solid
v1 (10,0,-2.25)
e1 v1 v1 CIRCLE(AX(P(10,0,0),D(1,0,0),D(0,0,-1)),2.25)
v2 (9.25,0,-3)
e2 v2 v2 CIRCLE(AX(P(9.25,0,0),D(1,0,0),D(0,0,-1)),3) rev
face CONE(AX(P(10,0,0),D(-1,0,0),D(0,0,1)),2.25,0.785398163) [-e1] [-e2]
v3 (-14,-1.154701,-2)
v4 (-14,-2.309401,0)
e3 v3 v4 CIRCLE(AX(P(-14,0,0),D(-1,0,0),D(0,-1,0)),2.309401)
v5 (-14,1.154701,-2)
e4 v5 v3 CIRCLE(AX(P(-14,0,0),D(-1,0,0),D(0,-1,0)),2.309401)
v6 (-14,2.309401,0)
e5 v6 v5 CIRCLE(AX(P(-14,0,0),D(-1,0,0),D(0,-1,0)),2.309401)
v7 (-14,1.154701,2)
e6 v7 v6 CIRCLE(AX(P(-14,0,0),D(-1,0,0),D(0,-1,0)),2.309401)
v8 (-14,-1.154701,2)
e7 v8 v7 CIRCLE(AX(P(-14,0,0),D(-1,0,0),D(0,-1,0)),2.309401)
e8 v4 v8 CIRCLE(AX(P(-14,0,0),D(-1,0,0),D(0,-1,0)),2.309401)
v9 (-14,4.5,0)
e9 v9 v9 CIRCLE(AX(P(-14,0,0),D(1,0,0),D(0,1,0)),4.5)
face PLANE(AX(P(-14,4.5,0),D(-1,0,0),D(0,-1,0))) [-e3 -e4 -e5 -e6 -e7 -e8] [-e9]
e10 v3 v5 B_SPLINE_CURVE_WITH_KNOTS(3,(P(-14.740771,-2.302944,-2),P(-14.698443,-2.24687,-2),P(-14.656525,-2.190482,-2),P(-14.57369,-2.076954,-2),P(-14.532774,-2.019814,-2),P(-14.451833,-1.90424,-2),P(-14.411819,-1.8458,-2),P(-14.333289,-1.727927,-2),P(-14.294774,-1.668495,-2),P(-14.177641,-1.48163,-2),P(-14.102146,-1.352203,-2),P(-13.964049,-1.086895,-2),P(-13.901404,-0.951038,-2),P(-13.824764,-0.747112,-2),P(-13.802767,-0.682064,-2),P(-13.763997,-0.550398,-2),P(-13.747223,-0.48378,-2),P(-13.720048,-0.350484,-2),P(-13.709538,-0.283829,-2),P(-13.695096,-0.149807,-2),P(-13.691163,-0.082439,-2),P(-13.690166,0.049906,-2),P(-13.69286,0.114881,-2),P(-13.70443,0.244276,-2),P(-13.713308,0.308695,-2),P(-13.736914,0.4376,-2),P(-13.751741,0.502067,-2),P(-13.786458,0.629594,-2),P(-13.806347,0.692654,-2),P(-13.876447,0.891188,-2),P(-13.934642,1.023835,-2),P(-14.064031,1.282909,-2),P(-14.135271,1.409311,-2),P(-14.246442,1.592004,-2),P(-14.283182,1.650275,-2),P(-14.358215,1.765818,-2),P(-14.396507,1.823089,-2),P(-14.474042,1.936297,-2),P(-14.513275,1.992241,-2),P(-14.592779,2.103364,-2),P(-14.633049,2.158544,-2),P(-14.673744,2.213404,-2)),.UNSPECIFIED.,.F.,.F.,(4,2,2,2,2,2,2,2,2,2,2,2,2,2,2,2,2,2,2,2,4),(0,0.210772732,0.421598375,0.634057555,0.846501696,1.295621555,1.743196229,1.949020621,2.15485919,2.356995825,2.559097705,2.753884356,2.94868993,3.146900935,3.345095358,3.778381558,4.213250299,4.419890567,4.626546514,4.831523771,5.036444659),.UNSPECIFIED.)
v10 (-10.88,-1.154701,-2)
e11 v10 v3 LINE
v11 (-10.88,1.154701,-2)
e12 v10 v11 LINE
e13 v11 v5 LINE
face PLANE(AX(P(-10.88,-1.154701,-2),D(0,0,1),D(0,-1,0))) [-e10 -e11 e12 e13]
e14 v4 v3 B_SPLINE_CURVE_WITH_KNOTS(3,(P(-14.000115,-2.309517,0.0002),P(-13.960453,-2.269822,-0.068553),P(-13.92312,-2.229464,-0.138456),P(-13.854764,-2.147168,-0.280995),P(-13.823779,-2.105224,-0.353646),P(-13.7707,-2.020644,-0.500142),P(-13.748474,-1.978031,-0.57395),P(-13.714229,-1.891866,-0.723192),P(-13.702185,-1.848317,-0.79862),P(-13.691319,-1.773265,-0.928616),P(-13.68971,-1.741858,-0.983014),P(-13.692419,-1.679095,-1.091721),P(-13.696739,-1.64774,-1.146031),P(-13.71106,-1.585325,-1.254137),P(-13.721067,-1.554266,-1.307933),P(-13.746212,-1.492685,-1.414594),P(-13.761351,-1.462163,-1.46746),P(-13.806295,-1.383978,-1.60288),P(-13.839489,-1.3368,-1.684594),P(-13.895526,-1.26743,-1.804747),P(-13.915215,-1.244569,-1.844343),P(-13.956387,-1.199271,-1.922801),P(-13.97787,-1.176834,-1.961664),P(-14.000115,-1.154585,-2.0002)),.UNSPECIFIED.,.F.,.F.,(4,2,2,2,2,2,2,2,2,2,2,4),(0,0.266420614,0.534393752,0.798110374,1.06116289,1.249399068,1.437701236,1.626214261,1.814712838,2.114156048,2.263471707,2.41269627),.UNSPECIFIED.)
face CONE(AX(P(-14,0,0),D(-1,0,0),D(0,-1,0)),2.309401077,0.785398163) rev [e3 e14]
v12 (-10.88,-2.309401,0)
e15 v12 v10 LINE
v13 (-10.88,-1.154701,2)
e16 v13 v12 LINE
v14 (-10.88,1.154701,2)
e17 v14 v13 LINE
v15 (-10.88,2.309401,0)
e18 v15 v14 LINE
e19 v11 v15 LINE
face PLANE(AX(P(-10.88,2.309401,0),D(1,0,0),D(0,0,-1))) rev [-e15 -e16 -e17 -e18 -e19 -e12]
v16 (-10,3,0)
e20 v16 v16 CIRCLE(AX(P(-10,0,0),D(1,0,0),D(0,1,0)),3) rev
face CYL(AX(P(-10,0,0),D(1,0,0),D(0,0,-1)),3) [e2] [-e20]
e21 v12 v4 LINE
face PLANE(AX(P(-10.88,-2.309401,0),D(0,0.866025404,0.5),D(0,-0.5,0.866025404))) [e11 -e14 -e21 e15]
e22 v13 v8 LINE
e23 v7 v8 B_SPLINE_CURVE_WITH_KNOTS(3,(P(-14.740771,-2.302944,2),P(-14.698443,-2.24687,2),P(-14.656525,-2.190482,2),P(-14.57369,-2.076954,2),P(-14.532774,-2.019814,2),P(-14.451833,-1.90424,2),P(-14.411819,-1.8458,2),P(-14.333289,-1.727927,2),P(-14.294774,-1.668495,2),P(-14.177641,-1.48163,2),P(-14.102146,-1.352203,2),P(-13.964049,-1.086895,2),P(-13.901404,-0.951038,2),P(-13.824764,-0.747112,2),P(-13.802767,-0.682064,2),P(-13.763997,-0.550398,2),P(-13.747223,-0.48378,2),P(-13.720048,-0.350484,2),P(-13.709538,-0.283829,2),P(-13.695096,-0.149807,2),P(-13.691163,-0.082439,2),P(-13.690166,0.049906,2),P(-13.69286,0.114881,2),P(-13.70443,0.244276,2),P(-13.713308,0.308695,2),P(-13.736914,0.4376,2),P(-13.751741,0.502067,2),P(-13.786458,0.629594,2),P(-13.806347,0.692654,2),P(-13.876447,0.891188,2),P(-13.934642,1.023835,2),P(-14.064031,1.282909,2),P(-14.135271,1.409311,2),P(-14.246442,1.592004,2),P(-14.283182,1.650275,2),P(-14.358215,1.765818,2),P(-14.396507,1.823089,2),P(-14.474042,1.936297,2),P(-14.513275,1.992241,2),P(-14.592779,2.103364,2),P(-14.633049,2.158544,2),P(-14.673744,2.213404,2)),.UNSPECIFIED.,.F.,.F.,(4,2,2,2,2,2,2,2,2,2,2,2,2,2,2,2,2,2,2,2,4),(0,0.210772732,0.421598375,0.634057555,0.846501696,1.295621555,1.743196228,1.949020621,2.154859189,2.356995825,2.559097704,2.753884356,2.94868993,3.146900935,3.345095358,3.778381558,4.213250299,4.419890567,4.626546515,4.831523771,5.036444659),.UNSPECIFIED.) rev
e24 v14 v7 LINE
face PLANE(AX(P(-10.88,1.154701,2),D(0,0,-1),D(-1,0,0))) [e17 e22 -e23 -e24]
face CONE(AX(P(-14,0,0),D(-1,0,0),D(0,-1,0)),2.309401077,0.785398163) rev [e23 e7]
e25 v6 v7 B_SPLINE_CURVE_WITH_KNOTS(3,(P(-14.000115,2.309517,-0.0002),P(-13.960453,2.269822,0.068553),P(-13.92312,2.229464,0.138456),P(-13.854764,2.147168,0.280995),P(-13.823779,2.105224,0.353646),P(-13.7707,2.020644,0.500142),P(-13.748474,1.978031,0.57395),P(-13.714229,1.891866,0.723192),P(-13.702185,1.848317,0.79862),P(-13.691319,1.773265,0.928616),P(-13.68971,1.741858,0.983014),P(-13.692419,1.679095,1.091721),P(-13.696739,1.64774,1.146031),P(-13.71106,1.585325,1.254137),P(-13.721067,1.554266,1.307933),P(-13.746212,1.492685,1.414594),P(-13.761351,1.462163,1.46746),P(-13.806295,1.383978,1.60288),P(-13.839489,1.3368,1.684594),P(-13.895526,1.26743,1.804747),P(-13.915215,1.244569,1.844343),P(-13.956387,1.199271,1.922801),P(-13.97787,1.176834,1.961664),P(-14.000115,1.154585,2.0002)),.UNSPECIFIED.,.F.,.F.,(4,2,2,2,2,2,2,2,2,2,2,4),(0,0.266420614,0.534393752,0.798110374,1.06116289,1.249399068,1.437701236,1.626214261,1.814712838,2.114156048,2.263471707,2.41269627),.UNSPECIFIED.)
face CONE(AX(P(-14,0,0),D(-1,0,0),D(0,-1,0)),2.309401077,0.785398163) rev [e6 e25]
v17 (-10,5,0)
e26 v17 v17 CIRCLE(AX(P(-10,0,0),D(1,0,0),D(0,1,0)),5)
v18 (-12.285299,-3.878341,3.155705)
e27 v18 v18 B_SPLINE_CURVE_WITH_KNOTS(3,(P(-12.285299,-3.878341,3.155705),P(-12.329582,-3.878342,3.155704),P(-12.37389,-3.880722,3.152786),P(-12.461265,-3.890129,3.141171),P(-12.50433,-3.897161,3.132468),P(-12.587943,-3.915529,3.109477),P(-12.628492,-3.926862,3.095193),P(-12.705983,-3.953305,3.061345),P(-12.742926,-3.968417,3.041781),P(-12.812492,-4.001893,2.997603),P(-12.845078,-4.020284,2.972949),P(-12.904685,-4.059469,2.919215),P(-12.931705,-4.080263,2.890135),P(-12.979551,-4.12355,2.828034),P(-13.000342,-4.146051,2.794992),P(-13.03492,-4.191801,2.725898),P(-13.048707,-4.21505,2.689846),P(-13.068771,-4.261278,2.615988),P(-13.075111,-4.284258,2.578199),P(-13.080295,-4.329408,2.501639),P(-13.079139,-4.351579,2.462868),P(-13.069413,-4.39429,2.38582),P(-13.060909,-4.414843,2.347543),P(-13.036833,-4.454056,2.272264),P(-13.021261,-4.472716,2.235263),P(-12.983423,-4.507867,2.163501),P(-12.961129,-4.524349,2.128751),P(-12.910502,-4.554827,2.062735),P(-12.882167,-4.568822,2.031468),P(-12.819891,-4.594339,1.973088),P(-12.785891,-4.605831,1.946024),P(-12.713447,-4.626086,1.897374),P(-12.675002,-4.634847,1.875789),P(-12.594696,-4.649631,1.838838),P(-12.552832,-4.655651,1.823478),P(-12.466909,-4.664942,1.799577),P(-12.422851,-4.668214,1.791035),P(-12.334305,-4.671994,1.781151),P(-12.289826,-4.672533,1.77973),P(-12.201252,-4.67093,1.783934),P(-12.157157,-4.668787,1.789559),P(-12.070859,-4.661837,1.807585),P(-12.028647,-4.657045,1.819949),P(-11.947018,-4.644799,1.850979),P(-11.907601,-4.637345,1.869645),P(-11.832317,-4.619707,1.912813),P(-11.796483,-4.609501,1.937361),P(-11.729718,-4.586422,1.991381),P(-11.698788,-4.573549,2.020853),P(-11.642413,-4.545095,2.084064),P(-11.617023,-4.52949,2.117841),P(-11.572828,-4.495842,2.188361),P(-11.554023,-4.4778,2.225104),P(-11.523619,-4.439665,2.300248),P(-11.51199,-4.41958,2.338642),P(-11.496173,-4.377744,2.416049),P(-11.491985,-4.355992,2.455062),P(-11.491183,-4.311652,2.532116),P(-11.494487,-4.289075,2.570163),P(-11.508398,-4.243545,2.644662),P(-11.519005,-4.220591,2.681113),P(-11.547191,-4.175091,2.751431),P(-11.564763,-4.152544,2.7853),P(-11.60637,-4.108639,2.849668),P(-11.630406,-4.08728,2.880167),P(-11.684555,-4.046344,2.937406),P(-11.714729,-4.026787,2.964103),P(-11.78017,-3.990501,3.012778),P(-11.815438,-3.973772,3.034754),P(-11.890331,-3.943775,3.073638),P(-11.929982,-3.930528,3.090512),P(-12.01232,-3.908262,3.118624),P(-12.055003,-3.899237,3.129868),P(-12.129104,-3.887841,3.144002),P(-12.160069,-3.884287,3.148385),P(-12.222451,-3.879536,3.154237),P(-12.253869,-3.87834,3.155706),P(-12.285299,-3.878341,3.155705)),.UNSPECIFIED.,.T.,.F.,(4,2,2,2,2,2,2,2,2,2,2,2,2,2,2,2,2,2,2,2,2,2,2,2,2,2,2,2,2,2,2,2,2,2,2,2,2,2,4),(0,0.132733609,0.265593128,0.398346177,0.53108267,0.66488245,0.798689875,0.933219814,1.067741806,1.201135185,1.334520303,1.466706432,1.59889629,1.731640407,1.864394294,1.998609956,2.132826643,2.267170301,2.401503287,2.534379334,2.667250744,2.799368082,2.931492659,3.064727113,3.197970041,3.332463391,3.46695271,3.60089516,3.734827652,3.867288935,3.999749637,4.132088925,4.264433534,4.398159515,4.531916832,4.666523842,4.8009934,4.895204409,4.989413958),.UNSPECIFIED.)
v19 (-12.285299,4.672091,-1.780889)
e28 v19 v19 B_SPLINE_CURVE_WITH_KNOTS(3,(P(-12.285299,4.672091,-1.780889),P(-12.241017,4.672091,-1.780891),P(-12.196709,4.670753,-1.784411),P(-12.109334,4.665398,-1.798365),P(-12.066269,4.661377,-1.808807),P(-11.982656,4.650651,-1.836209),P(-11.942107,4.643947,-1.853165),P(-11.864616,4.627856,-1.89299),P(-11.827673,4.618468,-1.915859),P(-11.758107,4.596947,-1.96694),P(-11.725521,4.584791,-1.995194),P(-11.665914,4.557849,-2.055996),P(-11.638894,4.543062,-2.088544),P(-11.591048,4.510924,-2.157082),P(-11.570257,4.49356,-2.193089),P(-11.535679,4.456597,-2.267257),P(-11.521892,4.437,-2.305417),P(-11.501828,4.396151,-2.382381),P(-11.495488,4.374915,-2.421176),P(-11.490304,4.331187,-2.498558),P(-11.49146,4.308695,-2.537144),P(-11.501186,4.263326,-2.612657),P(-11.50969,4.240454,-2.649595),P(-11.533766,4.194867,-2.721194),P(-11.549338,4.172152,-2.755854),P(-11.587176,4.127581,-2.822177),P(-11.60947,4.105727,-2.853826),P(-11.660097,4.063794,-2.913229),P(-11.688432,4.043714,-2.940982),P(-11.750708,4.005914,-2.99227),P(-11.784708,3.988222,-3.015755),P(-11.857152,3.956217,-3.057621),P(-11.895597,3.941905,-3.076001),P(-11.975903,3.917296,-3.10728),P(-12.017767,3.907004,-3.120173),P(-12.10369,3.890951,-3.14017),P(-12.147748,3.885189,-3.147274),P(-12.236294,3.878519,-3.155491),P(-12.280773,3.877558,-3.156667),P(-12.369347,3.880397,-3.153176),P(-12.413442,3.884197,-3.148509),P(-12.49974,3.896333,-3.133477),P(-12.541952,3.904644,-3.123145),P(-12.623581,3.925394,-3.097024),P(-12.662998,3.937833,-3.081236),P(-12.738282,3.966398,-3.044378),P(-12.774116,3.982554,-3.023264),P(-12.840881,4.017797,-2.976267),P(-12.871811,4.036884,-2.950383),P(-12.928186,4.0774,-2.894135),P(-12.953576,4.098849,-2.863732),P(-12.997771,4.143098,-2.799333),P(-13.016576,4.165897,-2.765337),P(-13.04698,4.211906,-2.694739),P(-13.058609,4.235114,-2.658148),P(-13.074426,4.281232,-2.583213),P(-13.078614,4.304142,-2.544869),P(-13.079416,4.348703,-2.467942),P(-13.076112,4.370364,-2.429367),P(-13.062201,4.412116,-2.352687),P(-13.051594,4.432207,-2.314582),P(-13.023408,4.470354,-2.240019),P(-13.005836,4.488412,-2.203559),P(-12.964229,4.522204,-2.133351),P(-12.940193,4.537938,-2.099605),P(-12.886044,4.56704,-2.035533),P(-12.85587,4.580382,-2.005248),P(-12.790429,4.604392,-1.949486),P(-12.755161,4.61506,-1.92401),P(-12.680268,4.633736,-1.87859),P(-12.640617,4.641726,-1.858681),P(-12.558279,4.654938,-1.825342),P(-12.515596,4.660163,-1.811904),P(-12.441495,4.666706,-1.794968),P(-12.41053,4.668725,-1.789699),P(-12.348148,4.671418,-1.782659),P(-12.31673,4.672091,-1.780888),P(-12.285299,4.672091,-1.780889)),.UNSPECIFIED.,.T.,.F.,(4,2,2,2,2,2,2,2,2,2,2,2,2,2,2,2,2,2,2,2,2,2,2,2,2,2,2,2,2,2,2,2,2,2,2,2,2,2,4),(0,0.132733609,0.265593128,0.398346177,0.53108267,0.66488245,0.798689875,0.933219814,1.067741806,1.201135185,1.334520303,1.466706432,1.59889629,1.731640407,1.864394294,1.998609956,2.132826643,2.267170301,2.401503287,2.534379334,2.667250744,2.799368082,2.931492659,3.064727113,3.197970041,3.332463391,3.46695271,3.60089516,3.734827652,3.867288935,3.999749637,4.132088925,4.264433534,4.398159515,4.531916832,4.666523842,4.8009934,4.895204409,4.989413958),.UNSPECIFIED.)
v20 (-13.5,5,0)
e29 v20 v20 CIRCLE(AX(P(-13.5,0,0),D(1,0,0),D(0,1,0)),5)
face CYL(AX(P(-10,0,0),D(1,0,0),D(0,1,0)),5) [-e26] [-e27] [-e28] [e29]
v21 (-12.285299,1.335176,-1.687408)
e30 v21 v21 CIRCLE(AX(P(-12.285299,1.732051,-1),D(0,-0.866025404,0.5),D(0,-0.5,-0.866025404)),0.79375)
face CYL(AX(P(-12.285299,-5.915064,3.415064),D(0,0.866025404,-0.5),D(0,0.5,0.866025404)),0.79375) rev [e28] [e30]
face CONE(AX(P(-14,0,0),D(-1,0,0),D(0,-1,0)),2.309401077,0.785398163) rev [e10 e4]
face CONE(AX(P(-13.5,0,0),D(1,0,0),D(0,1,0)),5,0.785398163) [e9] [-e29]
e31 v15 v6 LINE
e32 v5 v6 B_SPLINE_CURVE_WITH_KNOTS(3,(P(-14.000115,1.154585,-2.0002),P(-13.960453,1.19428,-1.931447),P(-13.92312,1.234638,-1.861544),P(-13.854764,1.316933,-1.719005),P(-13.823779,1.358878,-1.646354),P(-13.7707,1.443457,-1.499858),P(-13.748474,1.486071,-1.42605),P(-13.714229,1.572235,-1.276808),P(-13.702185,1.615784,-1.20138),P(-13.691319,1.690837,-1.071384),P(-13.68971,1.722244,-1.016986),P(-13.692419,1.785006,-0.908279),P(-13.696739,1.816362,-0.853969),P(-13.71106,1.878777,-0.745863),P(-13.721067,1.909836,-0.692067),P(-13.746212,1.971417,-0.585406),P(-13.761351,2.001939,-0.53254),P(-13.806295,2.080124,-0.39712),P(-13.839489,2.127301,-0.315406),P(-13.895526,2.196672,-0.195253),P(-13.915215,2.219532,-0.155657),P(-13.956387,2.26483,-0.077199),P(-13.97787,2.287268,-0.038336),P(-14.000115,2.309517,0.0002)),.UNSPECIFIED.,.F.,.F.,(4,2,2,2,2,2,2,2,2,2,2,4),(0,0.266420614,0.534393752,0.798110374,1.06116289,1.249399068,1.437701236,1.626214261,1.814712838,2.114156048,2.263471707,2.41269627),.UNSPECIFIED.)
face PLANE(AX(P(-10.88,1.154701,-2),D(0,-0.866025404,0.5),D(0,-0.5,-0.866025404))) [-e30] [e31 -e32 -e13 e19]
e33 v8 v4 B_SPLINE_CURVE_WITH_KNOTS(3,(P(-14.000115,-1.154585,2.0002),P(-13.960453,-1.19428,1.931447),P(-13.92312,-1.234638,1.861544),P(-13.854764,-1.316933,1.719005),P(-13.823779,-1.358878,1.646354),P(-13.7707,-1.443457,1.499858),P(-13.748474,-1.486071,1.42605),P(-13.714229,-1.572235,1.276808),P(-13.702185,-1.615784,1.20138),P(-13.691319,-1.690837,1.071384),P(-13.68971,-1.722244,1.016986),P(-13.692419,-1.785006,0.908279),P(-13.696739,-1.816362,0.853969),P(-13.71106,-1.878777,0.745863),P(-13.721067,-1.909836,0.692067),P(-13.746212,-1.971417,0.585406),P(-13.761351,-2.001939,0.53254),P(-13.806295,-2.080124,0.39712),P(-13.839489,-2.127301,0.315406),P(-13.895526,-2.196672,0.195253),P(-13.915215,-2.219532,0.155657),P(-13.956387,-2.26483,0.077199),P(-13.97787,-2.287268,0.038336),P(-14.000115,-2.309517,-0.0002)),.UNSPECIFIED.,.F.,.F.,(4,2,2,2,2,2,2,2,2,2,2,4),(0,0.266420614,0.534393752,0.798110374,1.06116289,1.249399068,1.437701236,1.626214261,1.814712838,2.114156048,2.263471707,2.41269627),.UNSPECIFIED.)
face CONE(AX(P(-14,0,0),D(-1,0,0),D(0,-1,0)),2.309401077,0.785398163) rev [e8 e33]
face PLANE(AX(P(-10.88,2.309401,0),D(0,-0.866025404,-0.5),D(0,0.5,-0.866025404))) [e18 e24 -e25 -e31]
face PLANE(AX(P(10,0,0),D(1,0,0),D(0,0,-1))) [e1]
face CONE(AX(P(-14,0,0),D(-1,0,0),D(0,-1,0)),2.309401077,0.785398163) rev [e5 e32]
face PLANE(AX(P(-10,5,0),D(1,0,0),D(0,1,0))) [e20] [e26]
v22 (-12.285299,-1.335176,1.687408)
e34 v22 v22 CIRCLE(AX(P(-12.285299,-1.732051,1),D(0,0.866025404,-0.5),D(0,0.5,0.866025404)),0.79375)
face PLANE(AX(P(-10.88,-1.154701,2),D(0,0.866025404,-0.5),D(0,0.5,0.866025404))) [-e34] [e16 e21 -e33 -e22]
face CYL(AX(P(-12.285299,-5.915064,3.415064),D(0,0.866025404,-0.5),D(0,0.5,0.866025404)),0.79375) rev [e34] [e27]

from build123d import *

# Parameters (mm, degrees)
SKETCH2_R               = 3
BOSS_EXTRUDE1_DEPTH     = 20
CHAMFER1_SIZE           = 0.75
CUT_EXTRUDE1_DEPTH      = 3.12
CUT_EXTRUDE3_DEPTH      = 17.652942925
CUT_EXTRUDE3_DEPTH_BACK = 17.652942925
SKETCH9_R               = 0.79375


with BuildPart() as part:
    # Sketch2 → Boss-Extrude1 (new body)
    with BuildSketch(Plane(origin=(10, 0, 0), x_dir=(0, 0, -1), z_dir=(1, 0, 0))):
        Circle(SKETCH2_R)
    extrude(amount=-BOSS_EXTRUDE1_DEPTH)

    # Chamfer1
    chamfer1_edges = [part.edges().sort_by_distance(p)[0] for p in [
        (10, 0, 3),
    ]]
    chamfer(chamfer1_edges, length=CHAMFER1_SIZE)

    # Sketch6 → Revolve1 (revolve)
    with BuildSketch(Plane.XY):
        Polygon((-13.5, 5), (-14, 4.5), (-14, 0), (-10, 0), (-10, 5), align=None)
    revolve(axis=Axis((-10, 0, 0), (-1, 0, 0)))

    # Sketch4 → Cut-Extrude1 (cut)
    with BuildSketch(Plane(origin=(-14, 0, 0), x_dir=(0, 0, -1), z_dir=(1, 0, 0))):
        Polygon((0, 2.309401077), (-2, 1.154700538), (-2, -1.154700538), (0, -2.309401077), (2, -1.154700538), (2, 1.154700538), align=None)
    extrude(amount=CUT_EXTRUDE1_DEPTH, mode=Mode.SUBTRACT)

    # Cut-Extrude2 cone 1 section (through the dimple's axis) → Cut-Extrude2 (revolve, cut)
    with BuildSketch(Plane(origin=(-14, 0, 0), x_dir=(0, 0, 1), z_dir=(0, 1, 0))):
        Polygon((0, 0), (2.309401077, 0), (0, 2.309401077), align=None)
    revolve(axis=Axis((-14, 0, 0), (1, 0, 0)), mode=Mode.SUBTRACT)

    # Sketch9 → Cut-Extrude3 (cut, two sides: drawn at the far end of the back side and taken through both)
    with BuildSketch(Plane(origin=(0, -1.732050808, 1), x_dir=(1, 0, 0), z_dir=(0, 0.8660254037844387, -0.49999999999999983)).offset(-CUT_EXTRUDE3_DEPTH_BACK)):
        with Locations(Location((-12.285299496, 0, 0), (0, 0, 270))):
            Circle(SKETCH9_R)
    extrude(amount=CUT_EXTRUDE3_DEPTH + CUT_EXTRUDE3_DEPTH_BACK, mode=Mode.SUBTRACT)


solid = part.part
